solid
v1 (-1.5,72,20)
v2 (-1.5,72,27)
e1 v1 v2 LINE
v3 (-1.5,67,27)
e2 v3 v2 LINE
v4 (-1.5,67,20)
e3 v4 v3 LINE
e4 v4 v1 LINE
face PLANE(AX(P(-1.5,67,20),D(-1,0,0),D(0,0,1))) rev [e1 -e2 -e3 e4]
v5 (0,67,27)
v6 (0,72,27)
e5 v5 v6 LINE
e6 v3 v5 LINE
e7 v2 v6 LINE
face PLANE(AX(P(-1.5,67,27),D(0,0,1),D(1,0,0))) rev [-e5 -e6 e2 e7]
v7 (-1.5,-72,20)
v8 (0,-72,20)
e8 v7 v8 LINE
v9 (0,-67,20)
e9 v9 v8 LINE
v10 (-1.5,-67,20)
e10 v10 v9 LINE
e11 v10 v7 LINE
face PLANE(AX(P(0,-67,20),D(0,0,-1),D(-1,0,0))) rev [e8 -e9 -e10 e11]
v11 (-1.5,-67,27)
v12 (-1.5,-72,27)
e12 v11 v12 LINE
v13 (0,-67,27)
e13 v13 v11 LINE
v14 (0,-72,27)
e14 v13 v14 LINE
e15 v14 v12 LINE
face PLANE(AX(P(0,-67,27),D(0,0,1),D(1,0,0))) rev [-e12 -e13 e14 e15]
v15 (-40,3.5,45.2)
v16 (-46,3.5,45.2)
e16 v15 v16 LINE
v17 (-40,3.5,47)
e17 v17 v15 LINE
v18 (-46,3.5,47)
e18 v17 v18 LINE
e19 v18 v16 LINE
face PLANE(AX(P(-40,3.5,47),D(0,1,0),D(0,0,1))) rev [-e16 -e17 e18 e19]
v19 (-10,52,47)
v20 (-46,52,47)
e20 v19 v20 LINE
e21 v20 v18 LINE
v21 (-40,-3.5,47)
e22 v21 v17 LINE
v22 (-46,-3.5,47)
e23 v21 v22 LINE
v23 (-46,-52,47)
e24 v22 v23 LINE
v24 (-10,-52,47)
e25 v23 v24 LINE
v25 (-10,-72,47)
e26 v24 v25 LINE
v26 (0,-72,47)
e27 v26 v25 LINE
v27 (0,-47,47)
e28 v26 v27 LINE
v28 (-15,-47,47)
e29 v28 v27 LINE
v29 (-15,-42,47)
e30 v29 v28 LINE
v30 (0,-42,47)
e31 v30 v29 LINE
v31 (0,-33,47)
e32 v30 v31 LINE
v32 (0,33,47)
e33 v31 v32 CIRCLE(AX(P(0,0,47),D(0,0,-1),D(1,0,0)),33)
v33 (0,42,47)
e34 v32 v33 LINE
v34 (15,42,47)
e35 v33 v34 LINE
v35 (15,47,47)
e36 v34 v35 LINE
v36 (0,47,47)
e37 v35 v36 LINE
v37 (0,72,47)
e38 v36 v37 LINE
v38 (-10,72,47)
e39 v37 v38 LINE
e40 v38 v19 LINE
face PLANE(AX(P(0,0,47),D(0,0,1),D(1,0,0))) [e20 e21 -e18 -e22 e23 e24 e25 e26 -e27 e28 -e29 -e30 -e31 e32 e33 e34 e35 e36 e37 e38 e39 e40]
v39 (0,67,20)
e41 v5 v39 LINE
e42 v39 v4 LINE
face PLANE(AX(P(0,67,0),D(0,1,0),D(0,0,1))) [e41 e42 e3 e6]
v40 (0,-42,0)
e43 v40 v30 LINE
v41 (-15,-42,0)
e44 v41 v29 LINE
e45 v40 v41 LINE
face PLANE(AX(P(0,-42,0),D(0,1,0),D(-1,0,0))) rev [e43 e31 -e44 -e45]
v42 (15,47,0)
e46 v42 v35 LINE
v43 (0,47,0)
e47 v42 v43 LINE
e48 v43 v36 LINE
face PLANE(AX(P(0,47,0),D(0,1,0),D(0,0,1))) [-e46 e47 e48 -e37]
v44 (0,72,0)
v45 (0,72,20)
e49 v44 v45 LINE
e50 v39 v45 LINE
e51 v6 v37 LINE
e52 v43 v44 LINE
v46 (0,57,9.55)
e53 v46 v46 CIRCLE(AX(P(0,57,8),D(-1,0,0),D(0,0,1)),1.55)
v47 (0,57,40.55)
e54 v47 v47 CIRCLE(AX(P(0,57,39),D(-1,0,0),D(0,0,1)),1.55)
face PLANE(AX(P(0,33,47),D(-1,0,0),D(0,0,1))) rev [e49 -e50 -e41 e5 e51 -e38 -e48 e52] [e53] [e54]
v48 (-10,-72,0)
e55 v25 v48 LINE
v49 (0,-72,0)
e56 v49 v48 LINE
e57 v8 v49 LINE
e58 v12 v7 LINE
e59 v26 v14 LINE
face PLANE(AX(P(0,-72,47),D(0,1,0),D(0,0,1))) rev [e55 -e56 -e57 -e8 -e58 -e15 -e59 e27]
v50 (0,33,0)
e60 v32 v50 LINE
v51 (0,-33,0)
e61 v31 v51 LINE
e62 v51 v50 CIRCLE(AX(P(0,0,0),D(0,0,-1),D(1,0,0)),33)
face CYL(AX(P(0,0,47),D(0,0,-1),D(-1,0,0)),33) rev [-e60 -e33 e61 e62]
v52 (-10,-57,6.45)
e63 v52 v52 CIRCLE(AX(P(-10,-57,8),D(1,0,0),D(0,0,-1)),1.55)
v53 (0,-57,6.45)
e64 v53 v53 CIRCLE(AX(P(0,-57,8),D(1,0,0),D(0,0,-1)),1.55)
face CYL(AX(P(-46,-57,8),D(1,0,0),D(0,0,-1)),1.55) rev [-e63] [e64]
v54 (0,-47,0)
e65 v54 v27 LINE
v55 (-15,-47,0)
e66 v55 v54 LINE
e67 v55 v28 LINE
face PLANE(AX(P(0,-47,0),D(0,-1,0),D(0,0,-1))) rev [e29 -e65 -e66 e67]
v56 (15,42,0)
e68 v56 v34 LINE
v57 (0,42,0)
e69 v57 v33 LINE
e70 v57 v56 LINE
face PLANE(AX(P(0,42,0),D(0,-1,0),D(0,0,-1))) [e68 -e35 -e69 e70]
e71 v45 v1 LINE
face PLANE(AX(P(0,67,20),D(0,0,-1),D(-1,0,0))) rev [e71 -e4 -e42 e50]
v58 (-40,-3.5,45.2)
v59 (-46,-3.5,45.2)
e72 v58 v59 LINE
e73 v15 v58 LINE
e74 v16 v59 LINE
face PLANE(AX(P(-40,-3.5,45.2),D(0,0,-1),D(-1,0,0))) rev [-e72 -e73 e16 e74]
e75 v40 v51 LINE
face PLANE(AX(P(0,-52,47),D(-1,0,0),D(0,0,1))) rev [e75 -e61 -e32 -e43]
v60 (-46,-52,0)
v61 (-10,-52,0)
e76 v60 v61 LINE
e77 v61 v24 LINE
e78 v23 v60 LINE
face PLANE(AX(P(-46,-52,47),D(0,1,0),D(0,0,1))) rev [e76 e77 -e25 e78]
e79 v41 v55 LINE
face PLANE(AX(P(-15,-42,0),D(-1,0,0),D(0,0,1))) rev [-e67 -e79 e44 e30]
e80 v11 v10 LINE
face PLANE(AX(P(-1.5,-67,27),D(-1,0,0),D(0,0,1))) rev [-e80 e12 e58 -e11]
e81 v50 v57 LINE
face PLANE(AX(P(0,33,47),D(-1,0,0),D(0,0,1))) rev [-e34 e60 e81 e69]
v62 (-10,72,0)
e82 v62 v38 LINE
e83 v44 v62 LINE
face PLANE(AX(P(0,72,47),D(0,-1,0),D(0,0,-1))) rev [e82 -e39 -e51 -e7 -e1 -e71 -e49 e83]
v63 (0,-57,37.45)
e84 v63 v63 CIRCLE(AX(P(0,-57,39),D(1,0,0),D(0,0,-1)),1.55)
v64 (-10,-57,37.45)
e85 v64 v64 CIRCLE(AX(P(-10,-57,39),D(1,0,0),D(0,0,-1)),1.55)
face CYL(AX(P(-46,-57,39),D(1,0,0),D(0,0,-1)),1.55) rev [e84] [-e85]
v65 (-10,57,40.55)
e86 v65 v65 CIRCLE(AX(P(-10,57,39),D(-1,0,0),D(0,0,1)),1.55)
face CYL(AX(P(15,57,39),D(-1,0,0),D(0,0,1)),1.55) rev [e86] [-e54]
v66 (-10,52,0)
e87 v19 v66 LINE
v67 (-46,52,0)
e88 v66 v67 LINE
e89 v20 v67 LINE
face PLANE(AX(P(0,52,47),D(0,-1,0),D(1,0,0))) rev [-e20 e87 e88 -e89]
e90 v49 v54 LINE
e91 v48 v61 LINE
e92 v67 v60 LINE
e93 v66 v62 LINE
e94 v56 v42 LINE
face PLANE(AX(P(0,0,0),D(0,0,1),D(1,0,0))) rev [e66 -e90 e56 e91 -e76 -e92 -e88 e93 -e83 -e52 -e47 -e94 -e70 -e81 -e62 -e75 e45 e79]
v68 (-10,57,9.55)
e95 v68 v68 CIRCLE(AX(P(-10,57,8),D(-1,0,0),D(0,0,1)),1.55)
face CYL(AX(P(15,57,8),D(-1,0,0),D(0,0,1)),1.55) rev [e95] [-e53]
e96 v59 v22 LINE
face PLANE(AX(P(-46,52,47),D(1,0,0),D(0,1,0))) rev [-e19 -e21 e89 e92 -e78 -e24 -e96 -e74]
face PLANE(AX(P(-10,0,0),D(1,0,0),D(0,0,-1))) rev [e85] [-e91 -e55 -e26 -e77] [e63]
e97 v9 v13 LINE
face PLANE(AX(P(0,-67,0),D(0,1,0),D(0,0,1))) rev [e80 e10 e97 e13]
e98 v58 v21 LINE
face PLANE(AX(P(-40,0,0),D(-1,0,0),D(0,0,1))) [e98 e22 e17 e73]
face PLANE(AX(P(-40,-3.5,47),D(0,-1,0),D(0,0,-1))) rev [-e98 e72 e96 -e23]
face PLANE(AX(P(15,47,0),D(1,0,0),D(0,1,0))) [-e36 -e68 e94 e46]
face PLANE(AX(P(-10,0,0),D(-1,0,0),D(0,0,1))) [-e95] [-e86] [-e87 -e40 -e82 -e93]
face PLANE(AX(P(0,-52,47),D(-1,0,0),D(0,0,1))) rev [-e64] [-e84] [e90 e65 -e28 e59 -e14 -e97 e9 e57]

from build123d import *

# Parameters (mm, degrees)
EXTRUDE_1_DEPTH     = 47
SKETCH_2_W          = 47
SKETCH_2_H          = 20
EXTRUDE_2_DEPTH     = 10
SKETCH_5_W          = 47
SKETCH_5_H          = 20
EXTRUDE_5_DEPTH     = 10
SKETCH_6_W          = 15
SKETCH_6_H          = 5
CUT_EXTRUDE_1_DEPTH = 98.514101544
SKETCH_7_W          = 15
SKETCH_7_H          = 5
EXTRUDE_6_DEPTH     = 47
SKETCH_8_W          = 1.5
SKETCH_8_H          = 7
CUT_EXTRUDE_2_DEPTH = 5
SKETCH_10_R         = 1.55
CUT_EXTRUDE_4_DEPTH = 98.514101544
SKETCH_12_R         = 1.55
CUT_EXTRUDE_5_DEPTH = 94.214805691
SKETCH_13_W         = 1.5
SKETCH_13_H         = 7
CUT_EXTRUDE_6_DEPTH = 5
SKETCH_14_W         = 1.8
SKETCH_14_H         = 7
CUT_EXTRUDE_7_DEPTH = 6


with BuildPart() as part:
    # 草图1 → 凸台-拉伸1 (new body)
    with BuildSketch(Plane.XY):
        with BuildLine():
            Line((0, 33), (0, 52))
            Line((0, 52), (-46, 52))
            Line((-46, 52), (-46, -52))
            Line((-46, -52), (0, -52))
            Line((0, -52), (0, -33))
            ThreePointArc((0, -33), (-33, 0), (0, 33))
        make_face()
    extrude(amount=EXTRUDE_1_DEPTH)

    # 草图2 → 凸台-拉伸2 (add)
    with BuildSketch(Plane(origin=(-10, 0, 0), x_dir=(0, 0, -1), z_dir=(1, 0, 0))):
        with Locations((-23.5, 62)):
            Rectangle(SKETCH_2_W, SKETCH_2_H)
    extrude(amount=EXTRUDE_2_DEPTH)

    # 草图5 → 凸台-拉伸5 (add)
    with BuildSketch(Plane(origin=(-10, 0, 0), x_dir=(0, 0, -1), z_dir=(1, 0, 0))):
        with Locations((-23.5, -62)):
            Rectangle(SKETCH_5_W, SKETCH_5_H)
    extrude(amount=EXTRUDE_5_DEPTH)

    # 草图6 → 切除-拉伸1 (cut, through all)
    with BuildSketch(Plane.XY.offset(47)):
        with Locations((-7.5, -44.5)):
            Rectangle(SKETCH_6_W, SKETCH_6_H)
    extrude(amount=-CUT_EXTRUDE_1_DEPTH, mode=Mode.SUBTRACT)

    # 草图7 → 凸台-拉伸6 (add, through all)
    with BuildSketch(Plane.XY.offset(47)):
        with Locations((7.5, 44.5)):
            Rectangle(SKETCH_7_W, SKETCH_7_H)
    extrude(amount=-EXTRUDE_6_DEPTH)

    # 草图8 → 切除-拉伸2 (cut)
    with BuildSketch(Plane.XZ.offset(72)):
        with Locations((-0.75, 23.5)):
            Rectangle(SKETCH_8_W, SKETCH_8_H)
    extrude(amount=-CUT_EXTRUDE_2_DEPTH, mode=Mode.SUBTRACT)

    # 草图10 → 切除-拉伸4 (cut, through all)
    with BuildSketch(Plane(origin=(0, 0, 0), x_dir=(0, 0, -1), z_dir=(1, 0, 0))):
        with Locations((-39, -57)):
            Circle(SKETCH_10_R)
        with Locations((-8, -57)):
            Circle(SKETCH_10_R)
    extrude(amount=-CUT_EXTRUDE_4_DEPTH, mode=Mode.SUBTRACT)

    # 草图12 → 切除-拉伸5 (cut, through all)
    with BuildSketch(Plane.ZY.offset(10)):
        with Locations((8, 57)):
            Circle(SKETCH_12_R)
        with Locations((39, 57)):
            Circle(SKETCH_12_R)
    extrude(amount=-CUT_EXTRUDE_5_DEPTH, mode=Mode.SUBTRACT)

    # 草图13 → 切除-拉伸6 (cut)
    with BuildSketch(Plane(origin=(0, 72, 0), x_dir=(1, 0, 0), z_dir=(0, 1, 0))):
        with Locations((-0.75, -23.5)):
            Rectangle(SKETCH_13_W, SKETCH_13_H)
    extrude(amount=-CUT_EXTRUDE_6_DEPTH, mode=Mode.SUBTRACT)

    # 草图14 → 切除-拉伸7 (cut)
    with BuildSketch(Plane.ZY.offset(46)):
        with Locations((46.1, 0)):
            Rectangle(SKETCH_14_W, SKETCH_14_H)
    extrude(amount=-CUT_EXTRUDE_7_DEPTH, mode=Mode.SUBTRACT)


solid = part.part
